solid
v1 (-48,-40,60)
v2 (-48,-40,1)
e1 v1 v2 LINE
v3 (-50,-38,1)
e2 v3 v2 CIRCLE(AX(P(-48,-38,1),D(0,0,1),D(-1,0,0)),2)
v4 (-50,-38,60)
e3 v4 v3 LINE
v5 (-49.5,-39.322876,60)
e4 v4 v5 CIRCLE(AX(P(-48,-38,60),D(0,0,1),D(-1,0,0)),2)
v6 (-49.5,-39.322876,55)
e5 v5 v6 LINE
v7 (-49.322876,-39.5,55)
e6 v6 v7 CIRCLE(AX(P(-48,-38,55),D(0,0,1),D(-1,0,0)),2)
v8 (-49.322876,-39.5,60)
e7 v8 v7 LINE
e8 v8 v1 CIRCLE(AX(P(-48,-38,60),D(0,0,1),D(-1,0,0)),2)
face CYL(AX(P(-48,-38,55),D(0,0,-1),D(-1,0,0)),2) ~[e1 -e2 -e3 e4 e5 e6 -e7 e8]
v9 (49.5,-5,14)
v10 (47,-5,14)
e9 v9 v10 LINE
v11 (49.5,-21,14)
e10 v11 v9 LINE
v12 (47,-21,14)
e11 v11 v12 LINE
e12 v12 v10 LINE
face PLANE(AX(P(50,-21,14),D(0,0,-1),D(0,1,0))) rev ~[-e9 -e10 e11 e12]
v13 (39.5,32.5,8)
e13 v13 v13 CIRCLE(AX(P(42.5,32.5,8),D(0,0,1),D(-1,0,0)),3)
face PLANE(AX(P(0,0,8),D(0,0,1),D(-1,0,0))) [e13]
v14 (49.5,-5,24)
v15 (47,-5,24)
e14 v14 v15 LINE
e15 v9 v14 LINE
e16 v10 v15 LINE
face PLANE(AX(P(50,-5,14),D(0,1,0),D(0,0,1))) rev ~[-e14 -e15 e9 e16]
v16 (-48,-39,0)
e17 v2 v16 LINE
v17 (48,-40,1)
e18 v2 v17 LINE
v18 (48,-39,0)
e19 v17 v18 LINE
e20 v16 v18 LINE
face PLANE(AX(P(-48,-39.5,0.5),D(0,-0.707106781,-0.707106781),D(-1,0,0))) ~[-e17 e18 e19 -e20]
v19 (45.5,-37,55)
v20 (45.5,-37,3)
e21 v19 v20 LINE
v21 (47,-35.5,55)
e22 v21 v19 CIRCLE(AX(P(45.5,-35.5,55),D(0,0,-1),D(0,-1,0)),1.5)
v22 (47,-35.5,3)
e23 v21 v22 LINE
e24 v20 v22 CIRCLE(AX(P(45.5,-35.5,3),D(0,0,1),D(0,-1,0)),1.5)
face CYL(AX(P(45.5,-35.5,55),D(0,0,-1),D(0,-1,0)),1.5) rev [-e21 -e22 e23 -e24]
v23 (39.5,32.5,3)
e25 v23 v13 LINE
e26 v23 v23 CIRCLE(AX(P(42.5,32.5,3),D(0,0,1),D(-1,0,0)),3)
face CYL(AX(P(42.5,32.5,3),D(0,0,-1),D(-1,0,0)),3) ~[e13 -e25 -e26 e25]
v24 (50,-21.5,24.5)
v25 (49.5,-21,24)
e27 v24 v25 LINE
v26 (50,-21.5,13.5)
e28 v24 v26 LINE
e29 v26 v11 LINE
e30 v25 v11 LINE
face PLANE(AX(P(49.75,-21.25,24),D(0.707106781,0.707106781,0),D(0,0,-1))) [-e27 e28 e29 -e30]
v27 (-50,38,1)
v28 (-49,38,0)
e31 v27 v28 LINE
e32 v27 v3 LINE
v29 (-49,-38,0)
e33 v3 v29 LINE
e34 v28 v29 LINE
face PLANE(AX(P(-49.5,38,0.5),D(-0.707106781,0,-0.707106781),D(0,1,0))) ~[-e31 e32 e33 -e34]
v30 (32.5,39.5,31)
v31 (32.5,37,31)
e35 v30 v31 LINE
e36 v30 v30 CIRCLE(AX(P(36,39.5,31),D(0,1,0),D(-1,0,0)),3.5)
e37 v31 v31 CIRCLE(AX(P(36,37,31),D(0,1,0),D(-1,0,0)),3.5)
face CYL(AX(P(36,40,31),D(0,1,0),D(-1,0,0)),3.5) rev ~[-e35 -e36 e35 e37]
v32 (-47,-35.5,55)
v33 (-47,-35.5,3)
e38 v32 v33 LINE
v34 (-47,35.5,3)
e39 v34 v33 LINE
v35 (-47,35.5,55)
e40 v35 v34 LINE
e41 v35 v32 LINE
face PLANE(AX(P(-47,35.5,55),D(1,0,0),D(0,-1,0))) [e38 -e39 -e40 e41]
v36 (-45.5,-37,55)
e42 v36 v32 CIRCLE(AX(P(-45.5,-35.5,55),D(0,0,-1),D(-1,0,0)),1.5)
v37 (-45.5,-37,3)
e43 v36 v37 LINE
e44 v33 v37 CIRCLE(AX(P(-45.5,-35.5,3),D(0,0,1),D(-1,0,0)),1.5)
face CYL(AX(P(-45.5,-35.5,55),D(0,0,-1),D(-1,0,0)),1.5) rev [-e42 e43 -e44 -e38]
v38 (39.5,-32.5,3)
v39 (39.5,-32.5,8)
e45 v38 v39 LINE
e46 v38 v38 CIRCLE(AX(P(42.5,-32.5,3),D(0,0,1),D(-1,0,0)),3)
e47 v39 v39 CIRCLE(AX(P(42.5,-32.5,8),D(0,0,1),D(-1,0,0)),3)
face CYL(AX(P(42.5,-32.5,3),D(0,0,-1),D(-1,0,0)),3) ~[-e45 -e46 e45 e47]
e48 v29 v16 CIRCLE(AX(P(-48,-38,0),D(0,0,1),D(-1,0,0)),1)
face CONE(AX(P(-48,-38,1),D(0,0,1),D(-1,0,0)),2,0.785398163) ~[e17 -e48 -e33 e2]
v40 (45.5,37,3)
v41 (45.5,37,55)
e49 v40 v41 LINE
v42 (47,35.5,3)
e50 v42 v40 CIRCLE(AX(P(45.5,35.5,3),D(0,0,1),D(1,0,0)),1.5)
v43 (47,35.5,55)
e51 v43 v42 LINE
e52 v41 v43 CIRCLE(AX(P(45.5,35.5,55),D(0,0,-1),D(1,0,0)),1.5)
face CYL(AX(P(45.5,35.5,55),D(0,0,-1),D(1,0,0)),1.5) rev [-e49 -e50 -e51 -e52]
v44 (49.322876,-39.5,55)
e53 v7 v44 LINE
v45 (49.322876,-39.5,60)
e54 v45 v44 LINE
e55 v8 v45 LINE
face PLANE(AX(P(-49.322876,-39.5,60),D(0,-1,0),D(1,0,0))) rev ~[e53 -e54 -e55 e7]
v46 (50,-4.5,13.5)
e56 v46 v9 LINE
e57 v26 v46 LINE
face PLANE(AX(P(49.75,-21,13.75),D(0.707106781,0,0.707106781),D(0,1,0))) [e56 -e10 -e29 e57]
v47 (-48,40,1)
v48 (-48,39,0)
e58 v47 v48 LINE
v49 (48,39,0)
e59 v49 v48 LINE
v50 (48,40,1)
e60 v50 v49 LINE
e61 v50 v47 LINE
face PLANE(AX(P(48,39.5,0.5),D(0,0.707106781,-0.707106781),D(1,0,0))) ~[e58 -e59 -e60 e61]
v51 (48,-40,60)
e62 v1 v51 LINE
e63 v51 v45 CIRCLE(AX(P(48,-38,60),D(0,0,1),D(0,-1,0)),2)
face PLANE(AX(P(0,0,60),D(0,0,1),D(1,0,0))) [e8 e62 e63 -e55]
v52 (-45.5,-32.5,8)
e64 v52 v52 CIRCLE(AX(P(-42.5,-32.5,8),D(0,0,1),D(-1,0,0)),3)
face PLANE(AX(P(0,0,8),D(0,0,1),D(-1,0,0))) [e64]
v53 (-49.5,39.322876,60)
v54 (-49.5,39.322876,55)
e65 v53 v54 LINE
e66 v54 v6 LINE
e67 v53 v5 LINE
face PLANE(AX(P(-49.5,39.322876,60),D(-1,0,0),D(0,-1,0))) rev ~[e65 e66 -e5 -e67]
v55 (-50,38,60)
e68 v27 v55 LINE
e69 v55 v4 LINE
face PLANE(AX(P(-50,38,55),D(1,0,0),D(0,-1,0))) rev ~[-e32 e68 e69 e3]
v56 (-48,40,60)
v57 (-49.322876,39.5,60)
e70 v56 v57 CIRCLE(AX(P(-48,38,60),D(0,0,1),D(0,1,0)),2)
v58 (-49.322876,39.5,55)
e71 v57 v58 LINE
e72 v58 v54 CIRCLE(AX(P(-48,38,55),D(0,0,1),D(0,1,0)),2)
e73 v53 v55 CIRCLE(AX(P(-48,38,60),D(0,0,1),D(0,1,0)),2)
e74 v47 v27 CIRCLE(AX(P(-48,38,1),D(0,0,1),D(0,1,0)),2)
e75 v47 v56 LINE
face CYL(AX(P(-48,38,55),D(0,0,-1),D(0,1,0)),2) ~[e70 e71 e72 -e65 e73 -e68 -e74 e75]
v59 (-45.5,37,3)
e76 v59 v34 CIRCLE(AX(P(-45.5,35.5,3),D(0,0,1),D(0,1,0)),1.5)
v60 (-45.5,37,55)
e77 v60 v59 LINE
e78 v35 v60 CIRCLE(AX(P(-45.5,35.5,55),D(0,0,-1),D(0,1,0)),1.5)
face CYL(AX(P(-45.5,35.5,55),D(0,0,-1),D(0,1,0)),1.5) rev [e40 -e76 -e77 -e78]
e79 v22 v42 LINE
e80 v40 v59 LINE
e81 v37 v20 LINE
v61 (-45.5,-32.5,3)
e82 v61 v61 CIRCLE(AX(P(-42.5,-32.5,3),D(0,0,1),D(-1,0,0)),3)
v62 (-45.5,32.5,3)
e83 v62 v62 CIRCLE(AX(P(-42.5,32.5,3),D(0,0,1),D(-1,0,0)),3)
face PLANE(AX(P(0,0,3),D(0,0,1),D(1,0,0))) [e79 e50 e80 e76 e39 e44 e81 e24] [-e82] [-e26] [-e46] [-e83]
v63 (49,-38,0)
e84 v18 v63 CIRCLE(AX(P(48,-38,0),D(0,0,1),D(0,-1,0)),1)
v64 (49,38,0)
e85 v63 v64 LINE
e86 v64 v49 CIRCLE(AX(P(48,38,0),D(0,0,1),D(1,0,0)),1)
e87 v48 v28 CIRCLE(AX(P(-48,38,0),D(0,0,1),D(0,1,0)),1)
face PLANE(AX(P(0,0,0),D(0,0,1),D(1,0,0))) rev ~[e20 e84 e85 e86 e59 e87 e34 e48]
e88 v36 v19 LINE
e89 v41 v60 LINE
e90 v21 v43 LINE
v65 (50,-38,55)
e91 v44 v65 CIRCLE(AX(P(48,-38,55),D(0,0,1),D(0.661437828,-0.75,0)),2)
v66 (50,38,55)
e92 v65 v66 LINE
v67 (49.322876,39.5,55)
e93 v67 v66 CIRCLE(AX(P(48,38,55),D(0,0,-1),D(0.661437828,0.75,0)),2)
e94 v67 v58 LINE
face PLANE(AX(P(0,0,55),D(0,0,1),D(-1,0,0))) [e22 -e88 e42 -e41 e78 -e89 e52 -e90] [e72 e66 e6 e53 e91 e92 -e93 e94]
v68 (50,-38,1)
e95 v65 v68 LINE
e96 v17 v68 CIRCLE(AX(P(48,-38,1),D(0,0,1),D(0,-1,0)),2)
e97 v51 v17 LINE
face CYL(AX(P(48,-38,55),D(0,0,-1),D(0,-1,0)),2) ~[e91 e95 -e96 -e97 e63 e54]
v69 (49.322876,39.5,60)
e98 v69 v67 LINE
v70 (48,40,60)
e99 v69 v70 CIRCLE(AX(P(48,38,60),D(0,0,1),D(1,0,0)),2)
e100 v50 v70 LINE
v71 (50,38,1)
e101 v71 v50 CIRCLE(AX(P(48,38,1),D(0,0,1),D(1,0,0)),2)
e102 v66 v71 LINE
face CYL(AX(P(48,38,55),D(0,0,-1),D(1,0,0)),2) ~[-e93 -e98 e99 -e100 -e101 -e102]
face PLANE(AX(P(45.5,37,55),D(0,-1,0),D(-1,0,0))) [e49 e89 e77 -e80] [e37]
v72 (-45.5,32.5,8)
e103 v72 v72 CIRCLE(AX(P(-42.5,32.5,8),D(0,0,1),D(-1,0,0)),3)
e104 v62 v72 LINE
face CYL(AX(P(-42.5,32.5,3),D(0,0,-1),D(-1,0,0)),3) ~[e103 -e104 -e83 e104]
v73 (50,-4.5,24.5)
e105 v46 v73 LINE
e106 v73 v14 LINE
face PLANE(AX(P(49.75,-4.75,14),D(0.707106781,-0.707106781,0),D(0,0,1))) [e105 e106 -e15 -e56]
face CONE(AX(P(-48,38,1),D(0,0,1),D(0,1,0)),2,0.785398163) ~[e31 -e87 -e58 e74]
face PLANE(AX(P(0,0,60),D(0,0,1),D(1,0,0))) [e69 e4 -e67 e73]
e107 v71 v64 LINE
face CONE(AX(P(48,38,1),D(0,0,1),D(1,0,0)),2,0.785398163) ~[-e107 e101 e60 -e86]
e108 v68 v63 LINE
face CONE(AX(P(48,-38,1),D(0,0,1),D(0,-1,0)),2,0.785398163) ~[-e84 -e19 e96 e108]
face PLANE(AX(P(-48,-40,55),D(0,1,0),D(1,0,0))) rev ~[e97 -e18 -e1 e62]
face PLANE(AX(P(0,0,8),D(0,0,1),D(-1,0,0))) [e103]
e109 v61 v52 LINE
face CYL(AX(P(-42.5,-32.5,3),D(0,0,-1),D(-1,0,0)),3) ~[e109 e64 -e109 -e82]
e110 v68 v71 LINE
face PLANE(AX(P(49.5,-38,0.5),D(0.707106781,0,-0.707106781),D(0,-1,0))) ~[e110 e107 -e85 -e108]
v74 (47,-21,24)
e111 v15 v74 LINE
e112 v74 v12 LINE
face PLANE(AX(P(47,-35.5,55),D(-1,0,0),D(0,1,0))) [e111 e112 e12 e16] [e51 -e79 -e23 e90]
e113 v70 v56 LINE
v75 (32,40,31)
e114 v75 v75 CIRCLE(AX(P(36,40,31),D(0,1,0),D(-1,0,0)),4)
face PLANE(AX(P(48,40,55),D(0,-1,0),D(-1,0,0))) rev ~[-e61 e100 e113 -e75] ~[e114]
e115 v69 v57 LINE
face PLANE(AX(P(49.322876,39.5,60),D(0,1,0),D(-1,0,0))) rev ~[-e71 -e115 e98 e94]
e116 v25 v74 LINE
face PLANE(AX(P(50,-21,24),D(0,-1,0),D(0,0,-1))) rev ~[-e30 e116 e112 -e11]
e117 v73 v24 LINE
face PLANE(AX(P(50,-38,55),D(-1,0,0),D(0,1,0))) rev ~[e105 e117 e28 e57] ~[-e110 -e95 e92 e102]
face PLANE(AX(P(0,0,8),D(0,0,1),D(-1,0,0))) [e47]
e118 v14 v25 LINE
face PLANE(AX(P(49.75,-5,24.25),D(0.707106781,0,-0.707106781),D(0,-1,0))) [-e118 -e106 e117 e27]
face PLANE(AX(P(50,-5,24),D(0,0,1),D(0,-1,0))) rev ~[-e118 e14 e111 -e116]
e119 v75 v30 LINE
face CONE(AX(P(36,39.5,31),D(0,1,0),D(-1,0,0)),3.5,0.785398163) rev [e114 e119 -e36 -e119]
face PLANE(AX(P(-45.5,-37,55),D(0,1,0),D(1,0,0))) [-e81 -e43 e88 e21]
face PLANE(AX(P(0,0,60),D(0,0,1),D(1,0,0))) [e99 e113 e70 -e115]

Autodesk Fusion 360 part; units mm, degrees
sketch "Sketch1" plane through (0, 0, 0) normal (0, 0, 1) x (1, 0, 0)
  line L0 (48, 40) -> (-48, 40)
  line L1 (-50, 38) -> (-50, -38)
  line L2 (-48, -40) -> (48, -40)
  line L3 (50, -38) -> (50, 38)
  line L4 (50, 40) -> (-50, -40) construction
  line L5 (-50, 40) -> (50, -40) construction
  line L6 (45.5, 37) -> (-45.5, 37)
  line L7 (-47, 35.5) -> (-47, -35.5)
  line L8 (-45.5, -37) -> (45.5, -37)
  line L9 (47, -35.5) -> (47, 35.5)
  line L10 (47, 37) -> (-47, -37) construction
  line L11 (-47, 37) -> (47, -37) construction
  arc A0 (-48, 40) -> (-50, 38) centre (-48, 38) ccw
  arc A1 (50, 38) -> (48, 40) centre (48, 38) ccw
  arc A2 (48, -40) -> (50, -38) centre (48, -38) ccw
  arc A3 (-50, -38) -> (-48, -40) centre (-48, -38) ccw
  arc A4 (-45.5, 37) -> (-47, 35.5) centre (-45.5, 35.5) ccw
  arc A5 (47, 35.5) -> (45.5, 37) centre (45.5, 35.5) ccw
  arc A6 (45.5, -37) -> (47, -35.5) centre (45.5, -35.5) ccw
  arc A7 (-47, -35.5) -> (-45.5, -37) centre (-45.5, -35.5) ccw
  dimension "d1" = 100
  dimension "d2" = 80
  dimension "d3" = 94
  dimension "d4" = 74
  dimension "d5" = 2
  dimension "d6" = 1.5
extrude "Extrude1" add sketch "Sketch1" along normal blind 55
extrude "Extrude2" add sketch "Sketch1" along normal blind 3 contours L6 L7 L8 L9 A4 A5 A6 A7
chamfer "Chamfer1" distance 1 angle 45 8 edges at (50, 0, 0) (49.4142, 39.4142, 0) (0, 40, 0) (-49.4142, 39.4142, 0) (-50, 0, 0) (-49.4142, -39.4142, 0) (0, -40, 0) (49.4142, -39.4142, 0)
sketch "Sketch2" plane through (0, 0, 3) normal (0, 0, 1) x (-1, 0, 0)
  arc A0 (47, 35.5) -> (45.5, 37) centre (45.5, 35.5) ccw
  line L0 (45.5, 37) -> (-45.5, 37)
  arc A1 (-45.5, 37) -> (-47, 35.5) centre (-45.5, 35.5) ccw
  line L1 (-47, 35.5) -> (-47, -35.5)
  arc A2 (-47, -35.5) -> (-45.5, -37) centre (-45.5, -35.5) ccw
  line L2 (-45.5, -37) -> (45.5, -37)
  arc A3 (45.5, -37) -> (47, -35.5) centre (45.5, -35.5) ccw
  line L3 (47, -35.5) -> (47, 35.5)
  circle A4 centre (42.5, -32.5) radius 3
  line L4 (50, 0) -> (-50, 0) construction
  line L5 (0, -40) -> (0, 40) construction
  circle A5 centre (42.5, 32.5) radius 3
  circle A6 centre (-42.5, -32.5) radius 3
  circle A7 centre (-42.5, 32.5) radius 3
  dimension "d12" = 6
  dimension "d13" = 4.5
  dimension "d14" = 4.5
extrude "Extrude3" add sketch "Sketch2" along normal blind 5 contours A4 | A5 | A6 | A7
sketch "Sketch3" plane through (50, 0, 0) normal (1, 0, 0) x (0, 1, 0)
  line L0 (-38, 1) -> (38, 1)
  line L1 (38, 1) -> (38, 55)
  line L2 (38, 55) -> (-38, 55)
  line L3 (-38, 55) -> (-38, 1)
  line L4 (-5, 24) -> (-21, 24)
  line L5 (-21, 24) -> (-21, 14)
  line L6 (-21, 14) -> (-5, 14)
  line L7 (-5, 14) -> (-5, 24)
  line L8 (-5, 24) -> (-21, 14) construction
  line L9 (-21, 24) -> (-5, 14) construction
  point P0 (-13, 19)
  dimension "d17" = 16
  dimension "d18" = 10
  dimension "d19" = 25
  dimension "d20" = 18
extrude "Extrude4" cut sketch "Sketch3" against normal blind 3 contours L4 L5 L6 L7
sketch "Sketch4" plane through (0, 40, 0) normal (0, 1, 0) x (-1, 0, 0)
  line L0 (-48, 1) -> (48, 1)
  line L1 (48, 1) -> (48, 55)
  line L2 (48, 55) -> (-48, 55)
  line L3 (-48, 55) -> (-48, 1)
  circle A0 centre (-36, 31) radius 3.5
  dimension "d23" = 7
  dimension "d24" = 12
  dimension "d25" = 30
extrude "Extrude5" cut sketch "Sketch4" against normal blind 3 contours A0
extrude "Extrude6" add 1 faces at (-15.1667, 39, 55) along direction (0, 0, 1) blind 5
sketch "Sketch5" plane through (0, 0, 60) normal (0, 0, 1) x (-1, 0, 0)
  arc A0 (47, 35.5) -> (45.5, 37) centre (45.5, 35.5) ccw
  line L0 (47, 35.5) -> (47, -35.5)
  arc A1 (45.5, -37) -> (47, -35.5) centre (45.5, -35.5) ccw
  line L1 (45.5, -37) -> (-45.5, -37)
  arc A2 (-47, -35.5) -> (-45.5, -37) centre (-45.5, -35.5) ccw
  line L2 (-47, -35.5) -> (-47, 35.5)
  arc A3 (-45.5, 37) -> (-47, 35.5) centre (-45.5, 35.5) ccw
  line L3 (-45.5, 37) -> (45.5, 37)
  arc A4 (50, 38) -> (48, 40) centre (48, 38) ccw
  line L4 (48, 40) -> (-48, 40)
  arc A5 (-48, 40) -> (-50, 38) centre (-48, 38) ccw
  line L5 (-50, 38) -> (-50, -38)
  arc A6 (-50, -38) -> (-48, -40) centre (-48, -38) ccw
  line L6 (-48, -40) -> (48, -40)
  arc A7 (48, -40) -> (50, -38) centre (48, -38) ccw
  line L7 (50, -38) -> (50, 38)
  line L8 (49.5, 39.5) -> (-49.5, 39.5)
  line L9 (-49.5, 39.5) -> (-49.5, -39.5)
  line L10 (-49.5, -39.5) -> (49.5, -39.5)
  line L11 (49.5, -39.5) -> (49.5, 39.5)
  line L12 (46.3, 36.3) -> (-46.3, 36.3)
  line L13 (-46.3, 36.3) -> (-46.3, -36.3)
  line L14 (-46.3, -36.3) -> (46.3, -36.3)
  line L15 (46.3, -36.3) -> (46.3, 36.3)
  dimension "d30" = 0.5
  dimension "d31" = 0.5
  dimension "d32" = 0.5
  dimension "d33" = 0.5
  dimension "d34" = 3.2
  dimension "d35" = 3.2
  dimension "d36" = 3.2
  dimension "d37" = 3.2
extrude "Extrude7" cut sketch "Sketch5" against normal blind 5 contours A0 L0 A1 L1 A2 L2 A3 L3 | A4 A5 A6 A7 L8 L9 L10 L11
extrude "Extrude8" cut 1 faces at (49.6667, 12.6667, 60) along direction (0, 0, -1) blind 5
chamfer "Chamfer2" distance 0.5 angle 45 4 edges at (50, -5, 19) (50, -13, 24) (50, -21, 19) (50, -13, 14)
chamfer "Chamfer3" distance 0.5 angle 45 1 edges at (39.2631, 40, 32.2657)
